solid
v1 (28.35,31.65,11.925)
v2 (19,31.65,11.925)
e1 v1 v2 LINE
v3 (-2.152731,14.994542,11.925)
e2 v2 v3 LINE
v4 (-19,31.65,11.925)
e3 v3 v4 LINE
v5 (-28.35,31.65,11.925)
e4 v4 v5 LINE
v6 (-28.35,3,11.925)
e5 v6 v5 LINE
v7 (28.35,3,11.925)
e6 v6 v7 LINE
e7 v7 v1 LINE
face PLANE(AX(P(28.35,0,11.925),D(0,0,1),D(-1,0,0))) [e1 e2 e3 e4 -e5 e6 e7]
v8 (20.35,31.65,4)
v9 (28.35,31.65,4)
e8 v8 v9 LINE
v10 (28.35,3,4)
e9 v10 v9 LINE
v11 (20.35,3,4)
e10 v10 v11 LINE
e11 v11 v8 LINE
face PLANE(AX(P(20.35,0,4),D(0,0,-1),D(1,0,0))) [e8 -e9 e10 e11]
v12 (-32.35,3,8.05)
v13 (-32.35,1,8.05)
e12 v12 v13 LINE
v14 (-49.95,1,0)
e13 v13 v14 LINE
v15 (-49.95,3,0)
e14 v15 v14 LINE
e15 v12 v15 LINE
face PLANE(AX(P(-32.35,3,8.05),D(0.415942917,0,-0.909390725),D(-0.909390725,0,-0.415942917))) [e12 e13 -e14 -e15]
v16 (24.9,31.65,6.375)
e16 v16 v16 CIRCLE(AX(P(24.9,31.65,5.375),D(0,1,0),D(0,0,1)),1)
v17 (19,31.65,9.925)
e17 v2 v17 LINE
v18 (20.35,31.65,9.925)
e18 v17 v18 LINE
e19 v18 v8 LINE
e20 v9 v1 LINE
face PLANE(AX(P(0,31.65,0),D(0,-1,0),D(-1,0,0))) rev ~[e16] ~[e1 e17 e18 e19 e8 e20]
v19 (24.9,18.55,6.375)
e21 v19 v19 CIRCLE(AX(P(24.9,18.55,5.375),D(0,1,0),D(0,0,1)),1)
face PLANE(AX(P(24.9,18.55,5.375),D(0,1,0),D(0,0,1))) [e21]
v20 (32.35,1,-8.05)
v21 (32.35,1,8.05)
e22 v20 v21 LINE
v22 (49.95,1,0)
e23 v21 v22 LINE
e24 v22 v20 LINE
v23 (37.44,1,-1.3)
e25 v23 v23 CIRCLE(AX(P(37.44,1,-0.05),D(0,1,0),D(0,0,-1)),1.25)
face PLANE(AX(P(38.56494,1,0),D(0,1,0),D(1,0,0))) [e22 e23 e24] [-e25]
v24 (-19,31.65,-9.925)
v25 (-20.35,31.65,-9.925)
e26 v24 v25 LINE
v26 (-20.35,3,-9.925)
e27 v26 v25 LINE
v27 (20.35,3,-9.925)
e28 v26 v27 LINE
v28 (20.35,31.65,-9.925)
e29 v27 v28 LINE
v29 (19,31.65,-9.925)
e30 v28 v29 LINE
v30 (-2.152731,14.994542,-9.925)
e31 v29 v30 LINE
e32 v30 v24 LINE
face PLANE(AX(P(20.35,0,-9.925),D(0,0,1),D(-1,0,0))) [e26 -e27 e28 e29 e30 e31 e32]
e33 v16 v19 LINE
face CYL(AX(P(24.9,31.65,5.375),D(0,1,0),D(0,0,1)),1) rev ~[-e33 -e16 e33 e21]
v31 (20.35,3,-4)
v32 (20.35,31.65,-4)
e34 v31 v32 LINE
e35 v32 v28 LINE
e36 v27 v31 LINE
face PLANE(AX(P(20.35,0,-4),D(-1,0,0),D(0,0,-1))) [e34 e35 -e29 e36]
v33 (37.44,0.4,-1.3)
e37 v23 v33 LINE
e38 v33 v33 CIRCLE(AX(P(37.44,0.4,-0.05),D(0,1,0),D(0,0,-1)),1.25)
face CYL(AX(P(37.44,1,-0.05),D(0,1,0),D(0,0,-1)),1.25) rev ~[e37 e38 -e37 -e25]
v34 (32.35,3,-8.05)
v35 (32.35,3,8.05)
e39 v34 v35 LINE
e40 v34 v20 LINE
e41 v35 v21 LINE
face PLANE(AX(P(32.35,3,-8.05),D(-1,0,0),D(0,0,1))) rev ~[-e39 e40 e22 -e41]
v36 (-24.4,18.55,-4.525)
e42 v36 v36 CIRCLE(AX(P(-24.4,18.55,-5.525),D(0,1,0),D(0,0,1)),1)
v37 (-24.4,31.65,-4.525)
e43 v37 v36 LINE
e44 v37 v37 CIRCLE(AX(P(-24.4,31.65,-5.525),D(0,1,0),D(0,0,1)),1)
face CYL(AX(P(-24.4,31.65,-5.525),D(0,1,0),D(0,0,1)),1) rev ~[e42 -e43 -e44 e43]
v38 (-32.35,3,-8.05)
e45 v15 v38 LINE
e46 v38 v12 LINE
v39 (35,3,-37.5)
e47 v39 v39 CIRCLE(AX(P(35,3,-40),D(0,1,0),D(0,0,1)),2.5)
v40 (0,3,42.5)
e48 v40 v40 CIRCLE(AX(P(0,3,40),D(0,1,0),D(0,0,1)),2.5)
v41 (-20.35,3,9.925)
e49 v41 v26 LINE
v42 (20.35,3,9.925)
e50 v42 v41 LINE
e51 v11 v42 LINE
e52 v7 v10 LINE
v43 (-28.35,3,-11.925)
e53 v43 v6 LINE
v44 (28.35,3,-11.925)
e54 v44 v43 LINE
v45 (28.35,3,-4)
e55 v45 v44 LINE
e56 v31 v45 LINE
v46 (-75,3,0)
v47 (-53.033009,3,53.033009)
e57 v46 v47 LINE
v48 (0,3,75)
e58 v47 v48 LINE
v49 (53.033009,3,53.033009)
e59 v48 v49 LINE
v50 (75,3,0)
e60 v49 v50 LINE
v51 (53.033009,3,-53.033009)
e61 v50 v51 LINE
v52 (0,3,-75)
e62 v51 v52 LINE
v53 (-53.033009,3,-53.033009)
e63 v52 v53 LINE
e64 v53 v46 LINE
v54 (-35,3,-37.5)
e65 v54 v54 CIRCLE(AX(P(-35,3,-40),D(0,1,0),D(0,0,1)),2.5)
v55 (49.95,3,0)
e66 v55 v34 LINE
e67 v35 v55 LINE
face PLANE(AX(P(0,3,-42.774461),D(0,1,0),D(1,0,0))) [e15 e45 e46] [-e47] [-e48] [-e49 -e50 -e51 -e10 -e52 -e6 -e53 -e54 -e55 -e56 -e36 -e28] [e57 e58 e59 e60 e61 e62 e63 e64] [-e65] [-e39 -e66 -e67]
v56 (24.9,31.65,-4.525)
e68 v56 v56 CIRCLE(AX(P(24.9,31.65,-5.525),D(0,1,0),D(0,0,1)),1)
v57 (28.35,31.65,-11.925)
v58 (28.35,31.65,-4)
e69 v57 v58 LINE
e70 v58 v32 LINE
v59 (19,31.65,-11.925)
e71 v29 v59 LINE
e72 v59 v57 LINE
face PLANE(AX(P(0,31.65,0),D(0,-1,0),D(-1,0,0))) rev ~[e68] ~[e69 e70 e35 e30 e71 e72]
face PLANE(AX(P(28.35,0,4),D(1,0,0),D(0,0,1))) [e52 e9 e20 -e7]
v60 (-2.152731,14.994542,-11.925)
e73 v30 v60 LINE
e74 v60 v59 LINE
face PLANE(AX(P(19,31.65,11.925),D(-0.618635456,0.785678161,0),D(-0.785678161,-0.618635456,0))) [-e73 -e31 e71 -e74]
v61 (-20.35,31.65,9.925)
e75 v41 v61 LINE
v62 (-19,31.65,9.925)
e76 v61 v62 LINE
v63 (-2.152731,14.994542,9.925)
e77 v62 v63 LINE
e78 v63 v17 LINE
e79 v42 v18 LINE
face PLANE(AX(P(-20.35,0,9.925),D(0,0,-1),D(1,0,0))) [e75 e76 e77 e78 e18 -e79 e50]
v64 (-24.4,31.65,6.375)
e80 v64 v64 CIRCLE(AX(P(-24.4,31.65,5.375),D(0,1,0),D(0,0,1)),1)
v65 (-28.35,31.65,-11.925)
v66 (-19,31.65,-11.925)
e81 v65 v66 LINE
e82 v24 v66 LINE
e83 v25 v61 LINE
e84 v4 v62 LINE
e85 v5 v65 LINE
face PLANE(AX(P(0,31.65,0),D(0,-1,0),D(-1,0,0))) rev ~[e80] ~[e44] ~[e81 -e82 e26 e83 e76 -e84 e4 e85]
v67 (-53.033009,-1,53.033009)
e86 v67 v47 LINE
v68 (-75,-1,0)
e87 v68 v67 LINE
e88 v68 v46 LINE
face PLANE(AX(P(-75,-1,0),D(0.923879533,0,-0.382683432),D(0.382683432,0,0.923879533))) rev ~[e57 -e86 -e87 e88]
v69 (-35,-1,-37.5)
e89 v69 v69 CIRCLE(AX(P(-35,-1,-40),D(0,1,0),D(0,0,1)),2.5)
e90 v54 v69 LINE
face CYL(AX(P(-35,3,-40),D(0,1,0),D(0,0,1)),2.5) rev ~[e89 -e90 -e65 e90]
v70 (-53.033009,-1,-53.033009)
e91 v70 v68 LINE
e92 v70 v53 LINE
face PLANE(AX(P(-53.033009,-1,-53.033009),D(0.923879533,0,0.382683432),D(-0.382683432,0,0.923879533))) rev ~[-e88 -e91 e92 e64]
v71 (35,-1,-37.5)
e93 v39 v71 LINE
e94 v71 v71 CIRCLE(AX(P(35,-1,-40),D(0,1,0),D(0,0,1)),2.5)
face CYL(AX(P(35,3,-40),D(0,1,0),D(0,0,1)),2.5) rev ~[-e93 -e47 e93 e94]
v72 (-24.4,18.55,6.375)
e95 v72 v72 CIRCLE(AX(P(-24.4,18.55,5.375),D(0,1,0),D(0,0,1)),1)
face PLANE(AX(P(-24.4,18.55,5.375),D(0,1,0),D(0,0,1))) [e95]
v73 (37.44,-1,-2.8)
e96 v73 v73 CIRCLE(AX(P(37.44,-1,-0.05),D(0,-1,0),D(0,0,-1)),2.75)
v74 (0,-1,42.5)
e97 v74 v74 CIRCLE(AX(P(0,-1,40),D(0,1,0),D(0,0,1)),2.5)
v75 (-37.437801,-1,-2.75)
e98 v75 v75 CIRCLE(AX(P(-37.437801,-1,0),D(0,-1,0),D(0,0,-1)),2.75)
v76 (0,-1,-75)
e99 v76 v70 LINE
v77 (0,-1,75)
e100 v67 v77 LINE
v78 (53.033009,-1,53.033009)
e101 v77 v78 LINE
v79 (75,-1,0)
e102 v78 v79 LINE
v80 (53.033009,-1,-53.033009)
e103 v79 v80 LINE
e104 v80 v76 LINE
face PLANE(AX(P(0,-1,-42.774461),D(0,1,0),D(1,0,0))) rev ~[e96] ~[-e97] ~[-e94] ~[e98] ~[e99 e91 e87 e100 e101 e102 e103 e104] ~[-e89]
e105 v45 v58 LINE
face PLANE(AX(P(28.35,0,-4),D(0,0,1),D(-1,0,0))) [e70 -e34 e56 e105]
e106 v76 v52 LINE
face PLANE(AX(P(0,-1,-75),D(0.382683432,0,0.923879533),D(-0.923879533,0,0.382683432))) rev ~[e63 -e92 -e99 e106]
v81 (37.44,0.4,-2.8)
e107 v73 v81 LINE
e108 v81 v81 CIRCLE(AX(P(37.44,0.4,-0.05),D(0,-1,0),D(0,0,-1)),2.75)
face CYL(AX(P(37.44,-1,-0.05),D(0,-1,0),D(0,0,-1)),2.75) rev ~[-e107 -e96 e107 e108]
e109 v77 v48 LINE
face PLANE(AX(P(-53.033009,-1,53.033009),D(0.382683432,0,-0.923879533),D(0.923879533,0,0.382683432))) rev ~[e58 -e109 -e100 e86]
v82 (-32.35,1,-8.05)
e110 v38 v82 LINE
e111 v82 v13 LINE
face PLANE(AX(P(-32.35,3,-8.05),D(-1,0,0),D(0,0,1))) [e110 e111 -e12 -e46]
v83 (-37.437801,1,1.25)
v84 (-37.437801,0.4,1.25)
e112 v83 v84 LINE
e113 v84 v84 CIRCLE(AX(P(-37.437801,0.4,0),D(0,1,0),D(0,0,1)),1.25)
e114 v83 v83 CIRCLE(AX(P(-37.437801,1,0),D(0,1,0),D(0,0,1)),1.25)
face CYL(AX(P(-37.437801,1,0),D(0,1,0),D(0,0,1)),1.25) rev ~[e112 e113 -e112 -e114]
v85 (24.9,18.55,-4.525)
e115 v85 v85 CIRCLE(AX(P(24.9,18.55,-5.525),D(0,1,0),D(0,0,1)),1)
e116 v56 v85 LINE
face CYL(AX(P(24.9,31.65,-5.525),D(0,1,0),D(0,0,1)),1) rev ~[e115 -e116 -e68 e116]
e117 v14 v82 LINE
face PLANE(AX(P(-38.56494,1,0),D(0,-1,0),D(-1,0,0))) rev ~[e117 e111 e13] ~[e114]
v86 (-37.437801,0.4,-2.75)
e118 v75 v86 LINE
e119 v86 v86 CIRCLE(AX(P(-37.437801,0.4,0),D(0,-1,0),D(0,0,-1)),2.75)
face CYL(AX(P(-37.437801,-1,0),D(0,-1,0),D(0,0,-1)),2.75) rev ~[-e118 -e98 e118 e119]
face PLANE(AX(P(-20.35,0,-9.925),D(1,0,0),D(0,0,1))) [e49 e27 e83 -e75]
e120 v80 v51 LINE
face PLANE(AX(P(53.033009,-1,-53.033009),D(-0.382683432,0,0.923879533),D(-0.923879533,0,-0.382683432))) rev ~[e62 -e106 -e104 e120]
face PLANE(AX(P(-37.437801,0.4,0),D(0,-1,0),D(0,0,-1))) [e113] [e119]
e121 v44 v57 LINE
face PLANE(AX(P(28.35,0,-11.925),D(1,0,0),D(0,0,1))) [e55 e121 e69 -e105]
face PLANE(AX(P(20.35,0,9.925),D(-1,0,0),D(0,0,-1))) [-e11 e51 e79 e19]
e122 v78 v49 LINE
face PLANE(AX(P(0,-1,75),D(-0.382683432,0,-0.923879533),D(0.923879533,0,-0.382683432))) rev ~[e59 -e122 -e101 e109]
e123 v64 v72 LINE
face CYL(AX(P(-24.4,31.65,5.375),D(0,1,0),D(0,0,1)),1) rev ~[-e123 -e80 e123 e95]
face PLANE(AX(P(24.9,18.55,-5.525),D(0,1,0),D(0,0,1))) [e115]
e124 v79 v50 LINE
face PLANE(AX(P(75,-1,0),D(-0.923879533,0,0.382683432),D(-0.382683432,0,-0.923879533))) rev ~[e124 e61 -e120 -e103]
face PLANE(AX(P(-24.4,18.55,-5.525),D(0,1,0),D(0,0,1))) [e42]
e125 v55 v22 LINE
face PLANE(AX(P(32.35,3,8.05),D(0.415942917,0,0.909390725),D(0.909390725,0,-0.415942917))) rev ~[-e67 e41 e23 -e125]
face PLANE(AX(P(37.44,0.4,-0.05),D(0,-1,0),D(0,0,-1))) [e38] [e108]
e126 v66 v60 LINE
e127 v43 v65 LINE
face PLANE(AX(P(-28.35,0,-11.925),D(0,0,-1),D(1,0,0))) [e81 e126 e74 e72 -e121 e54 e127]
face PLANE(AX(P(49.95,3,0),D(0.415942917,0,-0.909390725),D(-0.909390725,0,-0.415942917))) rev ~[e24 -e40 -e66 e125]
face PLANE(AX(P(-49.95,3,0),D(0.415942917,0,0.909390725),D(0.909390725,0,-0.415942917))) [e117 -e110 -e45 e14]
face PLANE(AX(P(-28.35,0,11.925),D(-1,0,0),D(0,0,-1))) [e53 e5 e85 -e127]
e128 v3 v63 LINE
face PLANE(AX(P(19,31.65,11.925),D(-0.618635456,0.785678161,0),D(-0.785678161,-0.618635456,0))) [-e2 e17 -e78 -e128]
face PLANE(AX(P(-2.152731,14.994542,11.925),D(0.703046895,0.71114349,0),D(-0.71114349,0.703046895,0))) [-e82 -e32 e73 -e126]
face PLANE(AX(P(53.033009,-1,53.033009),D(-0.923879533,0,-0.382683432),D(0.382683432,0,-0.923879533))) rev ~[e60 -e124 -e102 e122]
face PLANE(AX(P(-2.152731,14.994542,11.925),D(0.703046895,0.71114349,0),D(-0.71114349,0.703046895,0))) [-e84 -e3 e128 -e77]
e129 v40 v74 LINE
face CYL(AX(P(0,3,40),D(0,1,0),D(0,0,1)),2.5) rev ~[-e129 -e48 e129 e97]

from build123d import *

# Parameters (mm, degrees)
AUFSATZ_LINEAR_AUSTRAGEN1_DEPTH      = 3
AUFSATZ_LINEAR_AUSTRAGEN1_DEPTH_BACK = 1
AUFSATZ_LINEAR_AUSTRAGEN3_DEPTH      = 31.65
SCHNITT_LINEAR_AUSTRAGEN1_DEPTH      = 28.65
SKIZZE7_R                            = 2.5
SCHNITT_LINEAR_AUSTRAGEN2_DEPTH      = 110.867294952
SCHNITT_LINEAR_AUSTRAGEN6_DEPTH      = 2
SKIZZE9_R                            = 1
SCHNITT_LINEAR_AUSTRAGEN5_DEPTH      = 13.1
SKIZZE10_R                           = 1.25
SCHNITT_LINEAR_AUSTRAGEN7_DEPTH      = 111.405717696
SKIZZE11_R                           = 2.75
SCHNITT_LINEAR_AUSTRAGEN8_DEPTH      = 1.4


with BuildPart() as part:
    # Skizze2 → Aufsatz-Linear austragen1 (new, two sides: drawn at the far end of the back side and taken through both)
    with BuildSketch(Plane(origin=(0, 0, 0), x_dir=(1, 0, 0), z_dir=(0, 1, 0)).offset(-AUFSATZ_LINEAR_AUSTRAGEN1_DEPTH_BACK)):
        Polygon((-53.033008589, 53.033008589), (0, 0), (53.033008589, 53.033008589), (0, 75), align=None)
        Polygon((53.033008589, 53.033008589), (0, 0), (75, 0), align=None)
        Polygon((75, 0), (0, 0), (53.033008589, -53.033008589), align=None)
        Polygon((53.033008589, -53.033008589), (0, 0), (-53.033008589, -53.033008589), (0, -75), align=None)
        Polygon((-53.033008589, 53.033008589), (-75, 0), (0, 0), align=None)
        Polygon((0, 0), (-75, 0), (-53.033008589, -53.033008589), align=None)
    extrude(amount=AUFSATZ_LINEAR_AUSTRAGEN1_DEPTH + AUFSATZ_LINEAR_AUSTRAGEN1_DEPTH_BACK)

    # Skizze5 → Aufsatz-Linear austragen3 (add)
    with BuildSketch(Plane(origin=(0, 0, 0), x_dir=(1, 0, 0), z_dir=(0, 1, 0))):
        Polygon((20.35, -4), (28.35, -4), (28.35, -11.925), (-28.35, -11.925), (-28.35, 11.925), (28.35, 11.925), (28.35, 4), (20.35, 4), (20.35, 9.925), (-20.35, 9.925), (-20.35, -9.925), (20.35, -9.925), align=None)
    extrude(amount=AUFSATZ_LINEAR_AUSTRAGEN3_DEPTH)

    # Skizze6 → Schnitt-Linear austragen1 (cut)
    with BuildSketch(Plane.XY.offset(11.925)):
        Polygon((-19, 31.65), (19, 31.65), (-2.152730863, 14.994542406), align=None)
    extrude(amount=-SCHNITT_LINEAR_AUSTRAGEN1_DEPTH, mode=Mode.SUBTRACT)

    # Skizze7 → Schnitt-Linear austragen2 (cut, through all)
    with BuildSketch(Plane(origin=(0, 3, 0), x_dir=(1, 0, 0), z_dir=(0, 1, 0))):
        with Locations(Location((35, 40, 0), (0, 0, 270))):
            Circle(SKIZZE7_R)
        with Locations(Location((-35, 40, 0), (0, 0, 270))):
            Circle(SKIZZE7_R)
        with Locations(Location((0, -40, 0), (0, 0, 270))):
            Circle(SKIZZE7_R)
    extrude(amount=-SCHNITT_LINEAR_AUSTRAGEN2_DEPTH, mode=Mode.SUBTRACT)

    # Skizze8 → Schnitt-Linear austragen6 (cut)
    with BuildSketch(Plane(origin=(0, 3, 0), x_dir=(1, 0, 0), z_dir=(0, 1, 0))):
        Polygon((-32.35, 8.05), (-32.35, -8.05), (-49.95, 0), align=None)
        Polygon((32.35, -8.05), (49.95, 0), (32.35, 8.05), align=None)
    extrude(amount=-SCHNITT_LINEAR_AUSTRAGEN6_DEPTH, mode=Mode.SUBTRACT)

    # Skizze9 → Schnitt-Linear austragen5 (cut)
    with BuildSketch(Plane(origin=(0, 31.65, 0), x_dir=(1, 0, 0), z_dir=(0, 1, 0))):
        with Locations(Location((-24.4, -5.375, 0), (0, 0, 270))):
            Circle(SKIZZE9_R)
        with Locations(Location((-24.4, 5.525, 0), (0, 0, 270))):
            Circle(SKIZZE9_R)
        with Locations(Location((24.9, 5.525, 0), (0, 0, 270))):
            Circle(SKIZZE9_R)
        with Locations(Location((24.9, -5.375, 0), (0, 0, 270))):
            Circle(SKIZZE9_R)
    extrude(amount=-SCHNITT_LINEAR_AUSTRAGEN5_DEPTH, mode=Mode.SUBTRACT)

    # Skizze10 → Schnitt-Linear austragen7 (cut, through all)
    with BuildSketch(Plane(origin=(0, 1, 0), x_dir=(1, 0, 0), z_dir=(0, 1, 0))):
        with Locations(Location((-37.437800905, 0, 0), (0, 0, 270))):
            Circle(SKIZZE10_R)
        with Locations(Location((37.44, 0.05, 0), (0, 0, 90))):
            Circle(SKIZZE10_R)
    extrude(amount=-SCHNITT_LINEAR_AUSTRAGEN7_DEPTH, mode=Mode.SUBTRACT)

    # Skizze11 → Schnitt-Linear austragen8 (cut)
    with BuildSketch(Plane.XZ.offset(1)):
        with Locations(Location((-37.437800905, 0, 0), (0, 0, 270))):
            Circle(SKIZZE11_R)
        with Locations(Location((37.44, -0.05, 0), (0, 0, 270))):
            Circle(SKIZZE11_R)
    extrude(amount=-SCHNITT_LINEAR_AUSTRAGEN8_DEPTH, mode=Mode.SUBTRACT)


solid = part.part
